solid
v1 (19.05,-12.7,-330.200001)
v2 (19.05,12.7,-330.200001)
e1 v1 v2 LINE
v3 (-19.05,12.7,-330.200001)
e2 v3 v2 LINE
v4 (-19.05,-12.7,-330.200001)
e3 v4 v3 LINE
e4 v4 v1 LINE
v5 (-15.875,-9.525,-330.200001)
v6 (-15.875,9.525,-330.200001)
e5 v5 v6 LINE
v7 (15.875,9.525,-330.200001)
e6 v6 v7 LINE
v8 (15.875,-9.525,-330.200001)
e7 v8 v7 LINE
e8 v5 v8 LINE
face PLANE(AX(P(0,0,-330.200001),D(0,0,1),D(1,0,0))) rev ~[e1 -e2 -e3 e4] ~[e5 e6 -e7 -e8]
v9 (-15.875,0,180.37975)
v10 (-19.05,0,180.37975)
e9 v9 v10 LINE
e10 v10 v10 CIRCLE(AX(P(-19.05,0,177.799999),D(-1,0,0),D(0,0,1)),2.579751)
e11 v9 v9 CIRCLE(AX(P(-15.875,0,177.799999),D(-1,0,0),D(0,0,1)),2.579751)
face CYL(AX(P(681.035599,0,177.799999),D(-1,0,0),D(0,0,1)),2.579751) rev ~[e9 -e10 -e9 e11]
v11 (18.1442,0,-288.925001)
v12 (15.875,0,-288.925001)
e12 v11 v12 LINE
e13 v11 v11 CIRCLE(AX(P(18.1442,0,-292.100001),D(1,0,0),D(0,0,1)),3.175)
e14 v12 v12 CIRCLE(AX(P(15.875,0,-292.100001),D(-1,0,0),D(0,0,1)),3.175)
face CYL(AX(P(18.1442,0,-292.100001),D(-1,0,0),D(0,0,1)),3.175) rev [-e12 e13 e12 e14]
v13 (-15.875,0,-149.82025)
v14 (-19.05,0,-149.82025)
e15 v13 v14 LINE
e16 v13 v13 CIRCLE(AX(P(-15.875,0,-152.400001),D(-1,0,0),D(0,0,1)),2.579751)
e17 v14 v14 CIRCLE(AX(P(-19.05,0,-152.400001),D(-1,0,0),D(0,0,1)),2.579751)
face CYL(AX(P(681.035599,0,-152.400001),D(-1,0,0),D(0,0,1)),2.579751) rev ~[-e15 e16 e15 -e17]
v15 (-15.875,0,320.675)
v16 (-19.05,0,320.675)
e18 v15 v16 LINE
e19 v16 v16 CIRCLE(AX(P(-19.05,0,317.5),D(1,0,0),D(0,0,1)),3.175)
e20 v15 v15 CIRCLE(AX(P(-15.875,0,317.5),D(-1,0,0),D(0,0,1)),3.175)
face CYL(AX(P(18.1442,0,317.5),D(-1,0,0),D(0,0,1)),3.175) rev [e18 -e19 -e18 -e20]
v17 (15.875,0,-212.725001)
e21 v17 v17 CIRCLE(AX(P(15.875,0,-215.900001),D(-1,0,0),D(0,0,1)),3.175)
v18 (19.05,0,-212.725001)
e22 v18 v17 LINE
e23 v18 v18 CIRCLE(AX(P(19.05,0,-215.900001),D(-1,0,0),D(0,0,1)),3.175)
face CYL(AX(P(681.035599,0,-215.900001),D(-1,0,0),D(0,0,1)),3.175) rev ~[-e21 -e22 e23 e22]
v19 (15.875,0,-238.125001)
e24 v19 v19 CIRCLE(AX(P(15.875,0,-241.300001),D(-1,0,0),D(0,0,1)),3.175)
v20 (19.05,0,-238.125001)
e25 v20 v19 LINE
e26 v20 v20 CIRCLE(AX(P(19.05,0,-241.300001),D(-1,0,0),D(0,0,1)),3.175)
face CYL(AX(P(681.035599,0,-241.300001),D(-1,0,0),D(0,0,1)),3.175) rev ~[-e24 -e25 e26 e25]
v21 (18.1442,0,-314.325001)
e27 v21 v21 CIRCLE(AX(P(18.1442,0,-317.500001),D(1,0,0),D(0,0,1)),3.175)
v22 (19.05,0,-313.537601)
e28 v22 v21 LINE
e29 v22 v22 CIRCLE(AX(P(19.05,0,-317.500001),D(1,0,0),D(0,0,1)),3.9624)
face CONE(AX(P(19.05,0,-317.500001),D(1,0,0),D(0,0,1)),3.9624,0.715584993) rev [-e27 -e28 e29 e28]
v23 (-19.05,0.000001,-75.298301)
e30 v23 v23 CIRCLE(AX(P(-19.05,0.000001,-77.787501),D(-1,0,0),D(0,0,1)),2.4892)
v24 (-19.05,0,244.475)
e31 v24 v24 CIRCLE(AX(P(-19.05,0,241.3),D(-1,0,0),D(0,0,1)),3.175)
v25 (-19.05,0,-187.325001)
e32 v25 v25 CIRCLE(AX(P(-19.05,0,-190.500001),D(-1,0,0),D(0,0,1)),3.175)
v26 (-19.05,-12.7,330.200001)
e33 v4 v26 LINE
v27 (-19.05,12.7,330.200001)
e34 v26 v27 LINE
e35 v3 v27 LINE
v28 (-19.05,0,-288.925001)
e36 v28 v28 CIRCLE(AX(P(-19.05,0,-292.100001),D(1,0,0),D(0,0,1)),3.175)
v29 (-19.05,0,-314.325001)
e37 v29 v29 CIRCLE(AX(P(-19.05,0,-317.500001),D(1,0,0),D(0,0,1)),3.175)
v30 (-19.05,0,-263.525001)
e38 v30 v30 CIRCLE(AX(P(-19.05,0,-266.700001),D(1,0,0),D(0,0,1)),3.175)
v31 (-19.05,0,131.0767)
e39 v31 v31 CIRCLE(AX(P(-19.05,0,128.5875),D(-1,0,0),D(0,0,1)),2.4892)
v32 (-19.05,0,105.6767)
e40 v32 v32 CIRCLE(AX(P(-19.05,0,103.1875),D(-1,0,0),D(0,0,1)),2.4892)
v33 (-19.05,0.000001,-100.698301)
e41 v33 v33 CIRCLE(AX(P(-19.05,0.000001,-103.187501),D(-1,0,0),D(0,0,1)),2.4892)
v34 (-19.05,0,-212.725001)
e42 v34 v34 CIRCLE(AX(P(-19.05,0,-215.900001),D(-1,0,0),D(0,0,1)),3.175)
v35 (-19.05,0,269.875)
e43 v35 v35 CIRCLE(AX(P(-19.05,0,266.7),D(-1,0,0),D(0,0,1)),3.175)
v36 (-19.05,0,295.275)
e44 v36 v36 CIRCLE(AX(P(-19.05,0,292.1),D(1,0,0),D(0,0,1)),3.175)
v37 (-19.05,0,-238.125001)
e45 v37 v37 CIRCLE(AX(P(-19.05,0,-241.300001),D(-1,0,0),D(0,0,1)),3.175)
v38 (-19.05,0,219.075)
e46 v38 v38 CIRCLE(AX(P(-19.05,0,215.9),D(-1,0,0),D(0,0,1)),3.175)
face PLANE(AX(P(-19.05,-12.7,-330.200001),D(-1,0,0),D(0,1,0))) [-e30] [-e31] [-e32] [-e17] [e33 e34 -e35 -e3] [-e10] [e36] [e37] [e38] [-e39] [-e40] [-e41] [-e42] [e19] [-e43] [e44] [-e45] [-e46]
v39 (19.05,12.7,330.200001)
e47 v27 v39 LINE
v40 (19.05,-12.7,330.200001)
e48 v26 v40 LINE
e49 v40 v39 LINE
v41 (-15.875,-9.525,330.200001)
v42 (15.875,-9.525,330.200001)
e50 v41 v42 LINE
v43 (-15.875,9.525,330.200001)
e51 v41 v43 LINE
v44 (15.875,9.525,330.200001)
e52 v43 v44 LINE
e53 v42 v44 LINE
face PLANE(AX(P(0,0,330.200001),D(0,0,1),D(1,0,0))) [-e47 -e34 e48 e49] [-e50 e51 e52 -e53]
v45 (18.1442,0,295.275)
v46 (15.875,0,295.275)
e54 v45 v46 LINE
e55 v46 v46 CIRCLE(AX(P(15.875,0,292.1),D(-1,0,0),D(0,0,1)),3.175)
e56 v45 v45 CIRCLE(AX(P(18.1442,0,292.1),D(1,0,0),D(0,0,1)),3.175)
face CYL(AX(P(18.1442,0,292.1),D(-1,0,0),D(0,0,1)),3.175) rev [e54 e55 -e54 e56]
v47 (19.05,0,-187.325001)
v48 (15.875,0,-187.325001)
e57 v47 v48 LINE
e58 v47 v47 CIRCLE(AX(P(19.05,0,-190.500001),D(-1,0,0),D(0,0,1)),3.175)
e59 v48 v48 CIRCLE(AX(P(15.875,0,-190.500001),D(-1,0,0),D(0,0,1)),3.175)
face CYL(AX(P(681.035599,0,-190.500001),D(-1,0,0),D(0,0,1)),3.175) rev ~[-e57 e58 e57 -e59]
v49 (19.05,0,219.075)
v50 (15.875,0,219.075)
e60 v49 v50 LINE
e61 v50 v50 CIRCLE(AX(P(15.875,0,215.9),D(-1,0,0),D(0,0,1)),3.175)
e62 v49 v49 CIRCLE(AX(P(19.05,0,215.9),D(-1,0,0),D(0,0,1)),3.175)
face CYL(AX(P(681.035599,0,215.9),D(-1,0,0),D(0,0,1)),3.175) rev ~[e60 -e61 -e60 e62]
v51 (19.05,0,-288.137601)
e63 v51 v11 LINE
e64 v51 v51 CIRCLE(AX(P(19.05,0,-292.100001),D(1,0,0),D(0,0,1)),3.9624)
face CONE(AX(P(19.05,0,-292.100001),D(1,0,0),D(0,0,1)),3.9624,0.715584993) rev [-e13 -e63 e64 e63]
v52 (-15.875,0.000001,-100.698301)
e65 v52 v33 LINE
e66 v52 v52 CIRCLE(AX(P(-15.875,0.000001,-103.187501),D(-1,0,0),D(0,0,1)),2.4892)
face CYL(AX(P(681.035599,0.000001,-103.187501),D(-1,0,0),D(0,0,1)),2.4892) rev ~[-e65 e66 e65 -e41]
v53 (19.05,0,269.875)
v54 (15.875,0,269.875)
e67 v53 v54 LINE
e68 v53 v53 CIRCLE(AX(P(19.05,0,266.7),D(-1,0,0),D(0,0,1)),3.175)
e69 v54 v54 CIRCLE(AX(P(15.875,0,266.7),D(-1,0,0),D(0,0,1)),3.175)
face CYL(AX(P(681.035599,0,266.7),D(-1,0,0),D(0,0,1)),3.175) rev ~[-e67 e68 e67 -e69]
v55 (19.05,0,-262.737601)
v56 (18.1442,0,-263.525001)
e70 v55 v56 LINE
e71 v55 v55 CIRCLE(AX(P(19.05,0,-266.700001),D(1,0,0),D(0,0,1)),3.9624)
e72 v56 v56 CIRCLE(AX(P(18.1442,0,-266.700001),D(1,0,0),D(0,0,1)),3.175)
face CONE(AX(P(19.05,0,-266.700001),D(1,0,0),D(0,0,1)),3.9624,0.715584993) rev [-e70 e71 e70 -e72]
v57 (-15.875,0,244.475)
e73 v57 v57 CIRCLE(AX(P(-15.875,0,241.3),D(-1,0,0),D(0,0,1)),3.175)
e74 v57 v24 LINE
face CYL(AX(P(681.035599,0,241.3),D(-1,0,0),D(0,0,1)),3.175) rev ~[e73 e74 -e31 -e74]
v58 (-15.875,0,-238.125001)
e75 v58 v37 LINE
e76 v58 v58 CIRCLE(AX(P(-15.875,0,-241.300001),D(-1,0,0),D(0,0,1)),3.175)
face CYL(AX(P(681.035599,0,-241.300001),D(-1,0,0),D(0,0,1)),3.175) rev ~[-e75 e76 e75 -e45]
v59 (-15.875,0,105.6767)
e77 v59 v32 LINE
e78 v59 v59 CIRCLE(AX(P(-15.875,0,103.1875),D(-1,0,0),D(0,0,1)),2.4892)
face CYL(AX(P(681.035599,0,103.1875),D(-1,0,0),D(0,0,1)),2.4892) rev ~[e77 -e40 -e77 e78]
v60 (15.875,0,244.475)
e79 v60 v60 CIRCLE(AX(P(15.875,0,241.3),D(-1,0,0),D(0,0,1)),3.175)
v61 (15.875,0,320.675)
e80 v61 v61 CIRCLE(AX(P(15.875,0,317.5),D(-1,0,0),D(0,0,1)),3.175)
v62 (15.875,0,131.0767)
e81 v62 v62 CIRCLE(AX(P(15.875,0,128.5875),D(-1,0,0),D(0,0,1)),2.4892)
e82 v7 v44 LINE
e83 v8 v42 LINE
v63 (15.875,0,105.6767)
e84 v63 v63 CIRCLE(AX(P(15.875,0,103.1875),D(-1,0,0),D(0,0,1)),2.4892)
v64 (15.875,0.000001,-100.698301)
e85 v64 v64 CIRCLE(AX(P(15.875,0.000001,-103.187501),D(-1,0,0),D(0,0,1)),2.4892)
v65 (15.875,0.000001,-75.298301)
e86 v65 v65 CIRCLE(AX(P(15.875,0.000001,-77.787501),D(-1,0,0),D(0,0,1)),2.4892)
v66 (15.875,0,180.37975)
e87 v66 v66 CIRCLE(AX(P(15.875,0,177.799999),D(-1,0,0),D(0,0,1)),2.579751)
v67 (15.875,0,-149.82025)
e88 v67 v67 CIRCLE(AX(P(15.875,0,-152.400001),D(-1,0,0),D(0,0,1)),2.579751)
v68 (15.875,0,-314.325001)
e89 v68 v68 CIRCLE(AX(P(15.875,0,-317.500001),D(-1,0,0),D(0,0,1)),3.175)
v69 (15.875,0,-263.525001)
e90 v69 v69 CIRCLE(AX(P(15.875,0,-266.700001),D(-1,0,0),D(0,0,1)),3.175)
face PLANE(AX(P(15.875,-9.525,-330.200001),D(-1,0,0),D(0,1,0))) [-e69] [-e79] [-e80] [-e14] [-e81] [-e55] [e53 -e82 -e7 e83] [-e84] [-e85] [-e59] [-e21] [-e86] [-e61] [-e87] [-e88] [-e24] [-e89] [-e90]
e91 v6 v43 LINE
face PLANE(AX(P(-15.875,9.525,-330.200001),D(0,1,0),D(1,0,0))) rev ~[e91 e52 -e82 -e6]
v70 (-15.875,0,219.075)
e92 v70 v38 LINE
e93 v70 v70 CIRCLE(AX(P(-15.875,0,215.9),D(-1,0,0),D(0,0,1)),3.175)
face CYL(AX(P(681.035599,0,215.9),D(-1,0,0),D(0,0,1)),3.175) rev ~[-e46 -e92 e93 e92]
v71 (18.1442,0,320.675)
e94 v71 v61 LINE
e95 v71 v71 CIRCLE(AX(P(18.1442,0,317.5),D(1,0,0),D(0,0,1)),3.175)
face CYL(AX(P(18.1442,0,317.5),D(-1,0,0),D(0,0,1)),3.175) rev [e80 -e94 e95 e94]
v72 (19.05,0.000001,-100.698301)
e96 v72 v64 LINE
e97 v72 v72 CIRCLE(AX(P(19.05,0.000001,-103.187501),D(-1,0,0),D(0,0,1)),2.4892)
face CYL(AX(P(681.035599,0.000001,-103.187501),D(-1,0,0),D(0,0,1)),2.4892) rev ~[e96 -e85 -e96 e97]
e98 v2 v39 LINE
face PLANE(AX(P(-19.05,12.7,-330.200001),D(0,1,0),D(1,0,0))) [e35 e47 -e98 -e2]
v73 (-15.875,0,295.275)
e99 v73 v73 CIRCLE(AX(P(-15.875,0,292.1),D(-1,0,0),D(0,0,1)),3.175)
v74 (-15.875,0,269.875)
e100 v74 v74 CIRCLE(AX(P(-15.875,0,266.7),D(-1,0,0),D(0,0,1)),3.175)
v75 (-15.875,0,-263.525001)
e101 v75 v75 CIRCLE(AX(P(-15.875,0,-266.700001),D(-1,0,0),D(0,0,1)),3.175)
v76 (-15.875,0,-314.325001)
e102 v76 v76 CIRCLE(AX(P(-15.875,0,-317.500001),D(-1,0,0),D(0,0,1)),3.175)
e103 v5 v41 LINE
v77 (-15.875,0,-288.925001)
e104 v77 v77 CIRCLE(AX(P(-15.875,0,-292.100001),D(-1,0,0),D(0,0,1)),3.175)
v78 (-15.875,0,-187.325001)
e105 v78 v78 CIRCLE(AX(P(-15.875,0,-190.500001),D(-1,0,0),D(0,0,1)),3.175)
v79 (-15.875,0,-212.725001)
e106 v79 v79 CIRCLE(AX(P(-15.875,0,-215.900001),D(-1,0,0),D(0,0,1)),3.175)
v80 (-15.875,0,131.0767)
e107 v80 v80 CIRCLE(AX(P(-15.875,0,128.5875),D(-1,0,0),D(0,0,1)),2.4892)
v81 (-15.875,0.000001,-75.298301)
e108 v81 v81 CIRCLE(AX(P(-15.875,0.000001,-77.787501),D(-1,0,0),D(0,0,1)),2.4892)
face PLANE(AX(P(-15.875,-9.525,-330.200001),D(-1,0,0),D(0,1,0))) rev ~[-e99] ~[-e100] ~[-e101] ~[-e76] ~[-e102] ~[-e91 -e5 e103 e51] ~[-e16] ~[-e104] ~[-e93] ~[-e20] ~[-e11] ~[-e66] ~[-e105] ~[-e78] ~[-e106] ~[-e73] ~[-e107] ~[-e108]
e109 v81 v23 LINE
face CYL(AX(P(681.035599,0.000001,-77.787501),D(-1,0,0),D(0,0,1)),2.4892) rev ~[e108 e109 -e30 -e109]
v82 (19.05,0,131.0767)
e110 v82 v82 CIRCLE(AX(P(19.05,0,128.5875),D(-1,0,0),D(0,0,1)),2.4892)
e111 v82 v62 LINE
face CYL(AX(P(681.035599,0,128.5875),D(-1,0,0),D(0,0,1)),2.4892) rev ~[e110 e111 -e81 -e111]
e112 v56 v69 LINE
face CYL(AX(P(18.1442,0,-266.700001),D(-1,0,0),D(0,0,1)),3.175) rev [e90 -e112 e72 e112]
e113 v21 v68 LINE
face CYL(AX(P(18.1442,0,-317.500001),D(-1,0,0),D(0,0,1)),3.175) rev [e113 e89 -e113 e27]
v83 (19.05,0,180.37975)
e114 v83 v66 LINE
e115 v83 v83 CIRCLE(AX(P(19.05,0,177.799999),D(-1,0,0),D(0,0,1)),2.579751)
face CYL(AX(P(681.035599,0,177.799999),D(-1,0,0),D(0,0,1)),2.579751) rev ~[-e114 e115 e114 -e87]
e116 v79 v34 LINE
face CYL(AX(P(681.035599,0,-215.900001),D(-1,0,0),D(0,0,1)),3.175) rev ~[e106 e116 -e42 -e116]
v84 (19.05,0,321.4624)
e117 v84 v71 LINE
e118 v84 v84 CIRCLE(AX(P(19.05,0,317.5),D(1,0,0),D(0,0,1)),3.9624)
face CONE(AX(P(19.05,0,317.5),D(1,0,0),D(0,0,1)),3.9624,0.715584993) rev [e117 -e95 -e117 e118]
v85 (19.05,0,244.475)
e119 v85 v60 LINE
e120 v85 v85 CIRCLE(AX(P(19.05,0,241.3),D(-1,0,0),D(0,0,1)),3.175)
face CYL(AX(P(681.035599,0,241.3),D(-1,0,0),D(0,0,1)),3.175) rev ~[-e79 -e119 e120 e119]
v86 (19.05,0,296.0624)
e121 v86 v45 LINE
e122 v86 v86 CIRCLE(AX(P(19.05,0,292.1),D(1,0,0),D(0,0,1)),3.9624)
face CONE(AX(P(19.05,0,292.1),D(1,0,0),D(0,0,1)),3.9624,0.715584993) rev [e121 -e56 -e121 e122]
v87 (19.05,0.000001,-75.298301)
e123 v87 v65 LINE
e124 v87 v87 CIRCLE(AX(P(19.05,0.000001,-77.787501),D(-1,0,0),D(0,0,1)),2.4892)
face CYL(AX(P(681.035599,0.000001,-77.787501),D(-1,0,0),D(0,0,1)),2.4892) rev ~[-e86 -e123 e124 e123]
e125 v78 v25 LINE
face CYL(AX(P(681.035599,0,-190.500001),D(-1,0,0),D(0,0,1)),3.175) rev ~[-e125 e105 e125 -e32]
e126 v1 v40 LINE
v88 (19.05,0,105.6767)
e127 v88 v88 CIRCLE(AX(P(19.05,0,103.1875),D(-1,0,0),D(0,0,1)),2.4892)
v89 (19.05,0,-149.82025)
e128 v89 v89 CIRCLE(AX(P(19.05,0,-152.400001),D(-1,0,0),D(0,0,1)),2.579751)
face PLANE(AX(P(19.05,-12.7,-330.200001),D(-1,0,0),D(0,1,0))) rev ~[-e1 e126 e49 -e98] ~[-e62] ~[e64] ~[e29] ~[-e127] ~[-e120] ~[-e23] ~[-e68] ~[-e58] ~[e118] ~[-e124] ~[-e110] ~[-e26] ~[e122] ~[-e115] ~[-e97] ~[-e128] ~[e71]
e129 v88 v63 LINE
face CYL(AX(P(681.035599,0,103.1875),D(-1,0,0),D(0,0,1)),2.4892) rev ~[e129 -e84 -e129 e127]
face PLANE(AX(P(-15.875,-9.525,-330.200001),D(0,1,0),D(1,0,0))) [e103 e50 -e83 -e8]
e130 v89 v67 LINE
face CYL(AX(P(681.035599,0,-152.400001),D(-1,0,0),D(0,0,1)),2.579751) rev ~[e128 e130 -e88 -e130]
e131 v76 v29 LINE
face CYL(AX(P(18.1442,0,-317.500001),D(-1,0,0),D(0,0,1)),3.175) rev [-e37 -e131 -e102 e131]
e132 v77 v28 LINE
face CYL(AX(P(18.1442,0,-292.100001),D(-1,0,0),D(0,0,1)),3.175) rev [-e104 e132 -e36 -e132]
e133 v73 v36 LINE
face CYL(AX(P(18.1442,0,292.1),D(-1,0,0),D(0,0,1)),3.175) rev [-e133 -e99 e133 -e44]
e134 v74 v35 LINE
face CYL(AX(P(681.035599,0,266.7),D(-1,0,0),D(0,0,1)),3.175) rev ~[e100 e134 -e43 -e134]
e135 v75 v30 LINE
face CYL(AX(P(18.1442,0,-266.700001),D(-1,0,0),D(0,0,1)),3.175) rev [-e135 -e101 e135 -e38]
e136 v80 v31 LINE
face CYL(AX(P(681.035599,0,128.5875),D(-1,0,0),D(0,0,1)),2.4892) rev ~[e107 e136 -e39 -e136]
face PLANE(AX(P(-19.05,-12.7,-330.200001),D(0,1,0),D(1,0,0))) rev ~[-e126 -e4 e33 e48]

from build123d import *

# Parameters (mm, degrees)
BOSS_EXTRUDE1_DEPTH                  = 330.200001
BOSS_EXTRUDE1_DEPTH_BACK             = 330.200001
SKETCH3_W                            = 38.1
SKETCH3_H                            = 25.4
SKETCH3_W_2                          = 31.75
SKETCH3_H_2                          = 19.05
F_1_4_0_25_DIAMETER_HOLE2_AT_2_COUNT = 2
F_1_4_0_25_DIAMETER_HOLE2_AT_2_PITCH = 25.4
F_1_4_0_25_DIAMETER_HOLE2_AT_3_COUNT = 2
F_1_4_0_25_DIAMETER_HOLE2_AT_3_PITCH = 635.000000508
F_1_4_0_25_DIAMETER_HOLE2_AT_4_COUNT = 2
F_1_4_0_25_DIAMETER_HOLE2_AT_4_PITCH = 50.8
F_1_4_0_25_DIAMETER_HOLE2_AT_5_COUNT = 2
F_1_4_0_25_DIAMETER_HOLE2_AT_5_PITCH = 609.600000508
F_1_4_0_25_DIAMETER_HOLE3_D          = 6.35
F_13_64_0_20313_DIAMETER_HOLE1_D     = 5.159502
F_10_CLEARANCE_HOLE1_D               = 4.9784


with BuildPart() as part:
    # Sketch3 → Boss-Extrude1 (new, two sides: drawn at the far end of the back side and taken through both)
    with BuildSketch(Plane.XY.offset(-BOSS_EXTRUDE1_DEPTH_BACK)):
        Rectangle(SKETCH3_W, SKETCH3_H)
        Rectangle(SKETCH3_W_2, SKETCH3_H_2, mode=Mode.SUBTRACT)
    extrude(amount=BOSS_EXTRUDE1_DEPTH + BOSS_EXTRUDE1_DEPTH_BACK)

    # Sketch8 → 1/4 (0.25) Diameter Hole2 (revolve, cut)
    with BuildSketch(Plane(origin=(-19.05, 0, -317.500000508), x_dir=(0, 0, 1), z_dir=(0, 1, 0))):
        Polygon((0, 0), (0, 38.1), (3.9624, 38.1), (3.175, 37.194199916), (3.175, 0), align=None)
    f_1_4_0_25_diameter_hole2 = revolve(axis=Axis((-25.4, 0, -317.500000508), (1, 0, 0)), mode=Mode.SUBTRACT)

    # 1/4 (0.25) Diameter Hole2 at 2: 1/4 (0.25) Diameter Hole2 ×2
    with Locations(*[(0, 0, i * F_1_4_0_25_DIAMETER_HOLE2_AT_2_PITCH) for i in range(1, F_1_4_0_25_DIAMETER_HOLE2_AT_2_COUNT)]):
        add(f_1_4_0_25_diameter_hole2, mode=Mode.SUBTRACT)

    # 1/4 (0.25) Diameter Hole2 at 3: 1/4 (0.25) Diameter Hole2 ×2
    with Locations(*[(0, 0, i * F_1_4_0_25_DIAMETER_HOLE2_AT_3_PITCH) for i in range(1, F_1_4_0_25_DIAMETER_HOLE2_AT_3_COUNT)]):
        add(f_1_4_0_25_diameter_hole2, mode=Mode.SUBTRACT)

    # 1/4 (0.25) Diameter Hole2 at 4: 1/4 (0.25) Diameter Hole2 ×2
    with Locations(*[(0, 0, i * F_1_4_0_25_DIAMETER_HOLE2_AT_4_PITCH) for i in range(1, F_1_4_0_25_DIAMETER_HOLE2_AT_4_COUNT)]):
        add(f_1_4_0_25_diameter_hole2, mode=Mode.SUBTRACT)

    # 1/4 (0.25) Diameter Hole2 at 5: 1/4 (0.25) Diameter Hole2 ×2
    with Locations(*[(0, 0, i * F_1_4_0_25_DIAMETER_HOLE2_AT_5_PITCH) for i in range(1, F_1_4_0_25_DIAMETER_HOLE2_AT_5_COUNT)]):
        add(f_1_4_0_25_diameter_hole2, mode=Mode.SUBTRACT)

    # 1/4 (0.25) Diameter Hole3 (through all)
    with Locations(Plane(origin=(19.05, 0, 0), x_dir=(0, 0, -1), z_dir=(1, 0, 0))):
        with Locations((-266.7, 0), (-241.3, 0), (-215.9, 0), (241.300000508, 0), (215.900000508, 0), (190.500000508, 0)):
            Hole(F_1_4_0_25_DIAMETER_HOLE3_D / 2)

    # 13/64 (0.20313) Diameter Hole1 (through all)
    with Locations(Plane(origin=(19.05, 0, 0), x_dir=(0, 0, -1), z_dir=(1, 0, 0))):
        with Locations((152.400000508, 0), (-177.799999492, 0)):
            Hole(F_13_64_0_20313_DIAMETER_HOLE1_D / 2)

    # #10 Clearance Hole1 (through all)
    with Locations(Plane(origin=(19.05, 0, 0), x_dir=(0, 0, -1), z_dir=(1, 0, 0))):
        with Locations((-128.5875, 0), (-103.1875, 0), (77.787500575, 1.014e-06), (103.187500575, 1.014e-06)):
            Hole(F_10_CLEARANCE_HOLE1_D / 2)


solid = part.part
